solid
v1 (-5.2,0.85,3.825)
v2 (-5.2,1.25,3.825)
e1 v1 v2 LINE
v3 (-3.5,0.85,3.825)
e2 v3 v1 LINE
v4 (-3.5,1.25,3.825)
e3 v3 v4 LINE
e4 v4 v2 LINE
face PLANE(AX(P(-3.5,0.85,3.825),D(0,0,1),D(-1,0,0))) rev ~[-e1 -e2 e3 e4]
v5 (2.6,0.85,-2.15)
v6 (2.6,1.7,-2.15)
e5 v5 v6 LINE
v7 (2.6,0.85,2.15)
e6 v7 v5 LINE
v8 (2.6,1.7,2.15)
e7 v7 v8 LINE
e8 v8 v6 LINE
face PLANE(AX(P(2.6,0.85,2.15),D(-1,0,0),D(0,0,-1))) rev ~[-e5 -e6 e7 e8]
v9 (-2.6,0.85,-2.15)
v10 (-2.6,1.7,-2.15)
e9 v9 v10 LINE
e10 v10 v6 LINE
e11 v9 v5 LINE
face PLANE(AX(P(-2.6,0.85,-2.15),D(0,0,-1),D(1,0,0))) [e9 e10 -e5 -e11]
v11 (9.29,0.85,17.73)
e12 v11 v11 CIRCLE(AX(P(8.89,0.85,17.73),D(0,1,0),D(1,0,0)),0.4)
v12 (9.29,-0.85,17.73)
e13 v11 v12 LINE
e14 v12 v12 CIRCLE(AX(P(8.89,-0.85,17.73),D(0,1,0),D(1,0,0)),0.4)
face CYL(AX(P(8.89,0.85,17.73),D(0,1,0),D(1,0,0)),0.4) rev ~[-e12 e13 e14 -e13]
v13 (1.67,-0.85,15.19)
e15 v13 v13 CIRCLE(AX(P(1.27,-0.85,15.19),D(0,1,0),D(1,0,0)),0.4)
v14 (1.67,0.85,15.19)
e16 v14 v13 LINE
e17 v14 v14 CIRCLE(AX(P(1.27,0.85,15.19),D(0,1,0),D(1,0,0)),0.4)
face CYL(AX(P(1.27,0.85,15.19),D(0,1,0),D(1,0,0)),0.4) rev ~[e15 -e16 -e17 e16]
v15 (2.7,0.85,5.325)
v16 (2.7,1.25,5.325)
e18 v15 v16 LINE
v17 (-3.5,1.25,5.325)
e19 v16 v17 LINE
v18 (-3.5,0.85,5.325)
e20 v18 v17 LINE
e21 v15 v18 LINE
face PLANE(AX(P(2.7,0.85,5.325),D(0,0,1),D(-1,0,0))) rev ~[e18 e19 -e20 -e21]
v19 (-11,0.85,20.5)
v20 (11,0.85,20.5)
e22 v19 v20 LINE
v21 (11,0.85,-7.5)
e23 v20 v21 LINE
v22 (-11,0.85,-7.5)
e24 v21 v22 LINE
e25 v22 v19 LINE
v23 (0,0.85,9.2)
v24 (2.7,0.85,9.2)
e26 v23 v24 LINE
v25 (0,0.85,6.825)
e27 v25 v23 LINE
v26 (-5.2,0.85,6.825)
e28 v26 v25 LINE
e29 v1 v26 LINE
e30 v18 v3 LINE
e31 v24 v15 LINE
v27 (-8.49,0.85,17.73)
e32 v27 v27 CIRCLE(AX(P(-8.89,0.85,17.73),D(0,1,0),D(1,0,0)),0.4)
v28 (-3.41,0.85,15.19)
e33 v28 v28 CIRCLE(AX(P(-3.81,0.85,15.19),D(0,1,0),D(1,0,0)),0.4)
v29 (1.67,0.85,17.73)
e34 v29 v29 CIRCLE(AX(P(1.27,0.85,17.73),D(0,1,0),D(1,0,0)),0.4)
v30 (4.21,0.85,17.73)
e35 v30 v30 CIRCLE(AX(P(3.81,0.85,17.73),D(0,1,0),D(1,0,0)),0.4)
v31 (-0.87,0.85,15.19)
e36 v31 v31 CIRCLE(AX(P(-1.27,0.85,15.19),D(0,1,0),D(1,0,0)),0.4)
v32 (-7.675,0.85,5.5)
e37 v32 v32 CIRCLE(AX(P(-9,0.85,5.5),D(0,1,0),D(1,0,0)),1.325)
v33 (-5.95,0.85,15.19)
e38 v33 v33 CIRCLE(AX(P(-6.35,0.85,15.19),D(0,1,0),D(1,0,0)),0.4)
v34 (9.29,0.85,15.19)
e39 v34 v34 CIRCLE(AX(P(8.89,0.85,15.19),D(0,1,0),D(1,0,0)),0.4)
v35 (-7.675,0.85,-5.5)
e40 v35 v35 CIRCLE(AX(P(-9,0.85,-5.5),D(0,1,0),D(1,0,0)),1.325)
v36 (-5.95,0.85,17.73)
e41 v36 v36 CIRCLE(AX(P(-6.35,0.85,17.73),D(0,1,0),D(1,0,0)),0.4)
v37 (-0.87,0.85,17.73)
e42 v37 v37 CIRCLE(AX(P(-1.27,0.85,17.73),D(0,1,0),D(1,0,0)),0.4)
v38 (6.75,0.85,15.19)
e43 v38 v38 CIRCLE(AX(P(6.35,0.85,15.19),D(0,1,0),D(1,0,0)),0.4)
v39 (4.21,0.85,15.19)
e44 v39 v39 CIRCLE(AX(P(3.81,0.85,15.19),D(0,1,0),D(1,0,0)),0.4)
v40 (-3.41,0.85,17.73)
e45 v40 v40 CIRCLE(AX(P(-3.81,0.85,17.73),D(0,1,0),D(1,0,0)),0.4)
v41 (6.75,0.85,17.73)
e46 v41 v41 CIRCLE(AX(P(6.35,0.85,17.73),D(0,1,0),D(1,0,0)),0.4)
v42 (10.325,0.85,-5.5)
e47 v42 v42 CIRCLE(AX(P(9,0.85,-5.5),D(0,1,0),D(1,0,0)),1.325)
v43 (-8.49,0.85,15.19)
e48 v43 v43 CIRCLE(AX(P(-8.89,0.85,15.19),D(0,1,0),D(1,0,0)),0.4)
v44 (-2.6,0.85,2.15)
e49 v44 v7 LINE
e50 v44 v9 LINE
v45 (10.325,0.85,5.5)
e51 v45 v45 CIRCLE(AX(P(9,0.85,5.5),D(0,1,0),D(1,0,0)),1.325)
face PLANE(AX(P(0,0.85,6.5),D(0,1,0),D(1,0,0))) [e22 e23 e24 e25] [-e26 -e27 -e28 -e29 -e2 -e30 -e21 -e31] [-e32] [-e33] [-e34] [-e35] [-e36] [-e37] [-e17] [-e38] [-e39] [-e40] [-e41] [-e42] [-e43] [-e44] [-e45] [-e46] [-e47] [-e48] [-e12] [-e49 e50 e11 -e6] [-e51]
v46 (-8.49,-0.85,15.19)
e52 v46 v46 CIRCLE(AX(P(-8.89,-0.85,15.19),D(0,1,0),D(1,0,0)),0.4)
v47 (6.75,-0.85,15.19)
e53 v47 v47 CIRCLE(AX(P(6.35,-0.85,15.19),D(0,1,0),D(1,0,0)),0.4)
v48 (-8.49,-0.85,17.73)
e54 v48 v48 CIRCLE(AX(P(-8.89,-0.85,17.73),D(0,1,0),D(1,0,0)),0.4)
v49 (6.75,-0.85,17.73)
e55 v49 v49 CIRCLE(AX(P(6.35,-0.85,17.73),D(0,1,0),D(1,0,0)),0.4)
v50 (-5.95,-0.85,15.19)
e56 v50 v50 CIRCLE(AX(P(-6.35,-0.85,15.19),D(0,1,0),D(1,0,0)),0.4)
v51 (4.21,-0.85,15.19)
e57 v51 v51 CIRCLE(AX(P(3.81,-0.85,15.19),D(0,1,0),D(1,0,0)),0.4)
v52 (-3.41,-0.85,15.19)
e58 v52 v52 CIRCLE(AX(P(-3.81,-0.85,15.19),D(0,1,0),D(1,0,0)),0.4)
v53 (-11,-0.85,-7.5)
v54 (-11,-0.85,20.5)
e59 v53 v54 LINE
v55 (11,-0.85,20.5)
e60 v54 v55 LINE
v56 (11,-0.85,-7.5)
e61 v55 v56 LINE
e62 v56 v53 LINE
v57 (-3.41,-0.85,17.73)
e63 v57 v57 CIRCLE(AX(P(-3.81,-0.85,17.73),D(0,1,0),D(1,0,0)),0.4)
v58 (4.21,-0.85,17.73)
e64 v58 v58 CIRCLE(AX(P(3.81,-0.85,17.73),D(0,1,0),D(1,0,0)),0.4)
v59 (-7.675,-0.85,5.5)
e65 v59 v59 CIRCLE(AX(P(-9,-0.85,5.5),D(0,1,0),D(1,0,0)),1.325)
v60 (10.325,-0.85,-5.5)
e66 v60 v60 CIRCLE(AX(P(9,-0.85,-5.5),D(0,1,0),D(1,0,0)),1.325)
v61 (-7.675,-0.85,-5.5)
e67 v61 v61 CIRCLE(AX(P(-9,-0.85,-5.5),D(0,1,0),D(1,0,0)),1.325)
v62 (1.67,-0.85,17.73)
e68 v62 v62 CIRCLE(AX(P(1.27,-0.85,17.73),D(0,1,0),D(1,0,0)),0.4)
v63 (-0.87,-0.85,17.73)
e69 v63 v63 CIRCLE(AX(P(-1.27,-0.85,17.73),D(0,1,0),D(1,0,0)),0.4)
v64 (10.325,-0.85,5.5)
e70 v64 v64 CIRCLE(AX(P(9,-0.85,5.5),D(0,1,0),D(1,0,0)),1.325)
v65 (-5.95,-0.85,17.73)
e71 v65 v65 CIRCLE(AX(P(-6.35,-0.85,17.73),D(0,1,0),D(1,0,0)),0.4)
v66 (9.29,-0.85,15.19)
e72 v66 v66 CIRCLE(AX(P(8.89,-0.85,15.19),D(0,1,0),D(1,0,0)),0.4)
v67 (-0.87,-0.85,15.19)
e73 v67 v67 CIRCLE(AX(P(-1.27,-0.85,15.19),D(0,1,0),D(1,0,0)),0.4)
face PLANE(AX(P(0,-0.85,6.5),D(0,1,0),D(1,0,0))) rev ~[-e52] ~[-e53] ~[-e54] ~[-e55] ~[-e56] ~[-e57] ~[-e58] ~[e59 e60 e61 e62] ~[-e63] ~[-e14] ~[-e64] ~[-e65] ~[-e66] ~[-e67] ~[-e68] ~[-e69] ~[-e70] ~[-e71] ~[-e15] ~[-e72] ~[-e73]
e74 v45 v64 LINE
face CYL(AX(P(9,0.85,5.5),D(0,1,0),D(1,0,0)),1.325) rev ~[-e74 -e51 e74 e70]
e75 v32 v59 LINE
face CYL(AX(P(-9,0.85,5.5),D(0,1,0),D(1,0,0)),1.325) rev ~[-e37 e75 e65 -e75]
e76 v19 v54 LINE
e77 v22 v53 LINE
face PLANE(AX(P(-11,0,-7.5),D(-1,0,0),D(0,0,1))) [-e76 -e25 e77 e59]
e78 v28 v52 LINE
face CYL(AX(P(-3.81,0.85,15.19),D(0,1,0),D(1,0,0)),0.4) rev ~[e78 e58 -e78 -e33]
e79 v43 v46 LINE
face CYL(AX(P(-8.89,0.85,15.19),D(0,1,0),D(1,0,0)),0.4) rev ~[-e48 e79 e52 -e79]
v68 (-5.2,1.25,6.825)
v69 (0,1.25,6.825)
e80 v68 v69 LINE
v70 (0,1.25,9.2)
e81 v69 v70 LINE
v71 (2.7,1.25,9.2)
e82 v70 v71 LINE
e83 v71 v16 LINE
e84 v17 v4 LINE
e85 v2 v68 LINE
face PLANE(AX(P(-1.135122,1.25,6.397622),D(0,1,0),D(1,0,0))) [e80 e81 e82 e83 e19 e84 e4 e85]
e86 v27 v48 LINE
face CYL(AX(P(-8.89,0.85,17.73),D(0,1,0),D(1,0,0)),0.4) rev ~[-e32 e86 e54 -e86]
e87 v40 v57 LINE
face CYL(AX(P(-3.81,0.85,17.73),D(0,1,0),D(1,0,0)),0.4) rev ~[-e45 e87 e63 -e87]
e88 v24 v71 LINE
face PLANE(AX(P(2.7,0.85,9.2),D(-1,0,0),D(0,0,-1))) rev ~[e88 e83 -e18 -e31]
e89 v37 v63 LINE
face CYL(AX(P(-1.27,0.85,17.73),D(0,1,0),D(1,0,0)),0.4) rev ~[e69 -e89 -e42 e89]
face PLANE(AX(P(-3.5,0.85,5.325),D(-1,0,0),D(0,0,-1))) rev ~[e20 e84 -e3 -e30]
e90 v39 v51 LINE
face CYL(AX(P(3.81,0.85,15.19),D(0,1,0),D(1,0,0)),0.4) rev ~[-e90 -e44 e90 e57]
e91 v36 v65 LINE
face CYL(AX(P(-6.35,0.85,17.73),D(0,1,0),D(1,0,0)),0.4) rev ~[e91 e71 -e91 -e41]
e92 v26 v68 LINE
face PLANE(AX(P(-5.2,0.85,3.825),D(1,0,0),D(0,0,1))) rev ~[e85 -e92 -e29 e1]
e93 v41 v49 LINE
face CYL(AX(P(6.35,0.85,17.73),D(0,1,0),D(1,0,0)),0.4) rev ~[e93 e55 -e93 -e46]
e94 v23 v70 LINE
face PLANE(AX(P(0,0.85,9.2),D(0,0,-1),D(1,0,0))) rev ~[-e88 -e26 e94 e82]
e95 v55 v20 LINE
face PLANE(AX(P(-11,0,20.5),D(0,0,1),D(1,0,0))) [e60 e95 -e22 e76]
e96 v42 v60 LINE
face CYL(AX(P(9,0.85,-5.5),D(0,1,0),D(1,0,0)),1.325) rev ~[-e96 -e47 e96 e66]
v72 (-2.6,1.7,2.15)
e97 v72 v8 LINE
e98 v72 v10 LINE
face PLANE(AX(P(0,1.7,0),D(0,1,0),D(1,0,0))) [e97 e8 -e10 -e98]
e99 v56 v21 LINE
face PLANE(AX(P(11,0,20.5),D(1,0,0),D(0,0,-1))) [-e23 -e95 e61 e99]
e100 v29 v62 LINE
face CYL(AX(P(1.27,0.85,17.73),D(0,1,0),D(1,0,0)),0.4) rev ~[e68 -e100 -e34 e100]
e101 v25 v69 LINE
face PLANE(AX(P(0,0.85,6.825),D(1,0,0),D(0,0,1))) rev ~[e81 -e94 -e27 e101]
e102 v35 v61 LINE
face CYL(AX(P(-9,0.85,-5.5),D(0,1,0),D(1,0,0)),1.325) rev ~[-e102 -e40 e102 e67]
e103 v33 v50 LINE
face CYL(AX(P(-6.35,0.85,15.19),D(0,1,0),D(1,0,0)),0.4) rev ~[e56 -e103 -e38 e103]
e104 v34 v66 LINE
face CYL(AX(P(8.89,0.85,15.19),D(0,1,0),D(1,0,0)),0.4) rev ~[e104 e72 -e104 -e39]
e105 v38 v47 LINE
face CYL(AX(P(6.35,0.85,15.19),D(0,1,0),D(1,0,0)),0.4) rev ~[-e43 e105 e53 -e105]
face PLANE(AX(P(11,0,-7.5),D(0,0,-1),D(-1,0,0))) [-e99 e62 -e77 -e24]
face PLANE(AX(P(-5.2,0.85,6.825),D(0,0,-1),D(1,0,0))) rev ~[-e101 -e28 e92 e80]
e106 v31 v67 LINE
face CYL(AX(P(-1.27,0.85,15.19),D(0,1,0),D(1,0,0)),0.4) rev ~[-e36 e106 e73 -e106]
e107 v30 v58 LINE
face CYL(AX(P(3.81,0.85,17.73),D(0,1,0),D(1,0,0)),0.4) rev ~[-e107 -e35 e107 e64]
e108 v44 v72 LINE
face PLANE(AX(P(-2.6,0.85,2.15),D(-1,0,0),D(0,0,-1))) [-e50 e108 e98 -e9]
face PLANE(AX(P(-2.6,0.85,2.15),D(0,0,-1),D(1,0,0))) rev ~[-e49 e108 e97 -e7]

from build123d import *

# Parameters (mm, degrees)
BOSS_EXTRUDE1_DEPTH = 0.85
SKETCH2_R           = 1.325
SKETCH2_R_2         = 0.4
CUT_EXTRUDE1_DEPTH  = 2.7
SKETCH3_W           = 5.2
SKETCH3_H           = 4.3
BOSS_EXTRUDE2_DEPTH = 0.85
BOSS_EXTRUDE3_DEPTH = 0.4


with BuildPart() as part:
    # Sketch1 → Boss-Extrude1 (new body, symmetric)
    with BuildSketch(Plane(origin=(0, 0, 0), x_dir=(1, 0, 0), z_dir=(0, 1, 0))):
        Polygon((-11, -7.5), (-11, -20.5), (11, -20.5), (11, -7.5), (11, 7.5), (-11, 7.5), align=None)
    extrude(amount=BOSS_EXTRUDE1_DEPTH, both=True)

    # Sketch2 → Cut-Extrude1 (cut, through all)
    with BuildSketch(Plane(origin=(0, 0.85, 0), x_dir=(1, 0, 0), z_dir=(0, 1, 0))):
        with Locations((-9, 5.5)):
            Circle(SKETCH2_R)
        with Locations((9, 5.5)):
            Circle(SKETCH2_R)
        with Locations((9, -5.5)):
            Circle(SKETCH2_R)
        with Locations((-9, -5.5)):
            Circle(SKETCH2_R)
        with Locations((-8.89, -15.19)):
            Circle(SKETCH2_R_2)
        with Locations((-6.35, -15.19)):
            Circle(SKETCH2_R_2)
        with Locations((-3.81, -15.19)):
            Circle(SKETCH2_R_2)
        with Locations((-1.27, -15.19)):
            Circle(SKETCH2_R_2)
        with Locations((1.27, -15.19)):
            Circle(SKETCH2_R_2)
        with Locations((3.81, -15.19)):
            Circle(SKETCH2_R_2)
        with Locations((6.35, -15.19)):
            Circle(SKETCH2_R_2)
        with Locations((8.89, -15.19)):
            Circle(SKETCH2_R_2)
        with Locations((-6.35, -17.73)):
            Circle(SKETCH2_R_2)
        with Locations((-3.81, -17.73)):
            Circle(SKETCH2_R_2)
        with Locations((-1.27, -17.73)):
            Circle(SKETCH2_R_2)
        with Locations((1.27, -17.73)):
            Circle(SKETCH2_R_2)
        with Locations((3.81, -17.73)):
            Circle(SKETCH2_R_2)
        with Locations((6.35, -17.73)):
            Circle(SKETCH2_R_2)
        with Locations((8.89, -17.73)):
            Circle(SKETCH2_R_2)
        with Locations((-8.89, -17.73)):
            Circle(SKETCH2_R_2)
    extrude(amount=-CUT_EXTRUDE1_DEPTH, mode=Mode.SUBTRACT)

    # Sketch3 → Boss-Extrude2 (add)
    with BuildSketch(Plane(origin=(0, 0.85, 0), x_dir=(1, 0, 0), z_dir=(0, 1, 0))):
        Rectangle(SKETCH3_W, SKETCH3_H)
    extrude(amount=BOSS_EXTRUDE2_DEPTH)

    # Sketch3<3> → Boss-Extrude3 (add)
    with BuildSketch(Plane(origin=(0, 0.85, 0), x_dir=(1, 0, 0), z_dir=(0, 1, 0))):
        Polygon((-5.2, -3.825), (-5.2, -6.825), (0, -6.825), (0, -9.2), (2.7, -9.2), (2.7, -5.325), (-3.5, -5.325), (-3.5, -3.825), align=None)
    extrude(amount=BOSS_EXTRUDE3_DEPTH)


solid = part.part
